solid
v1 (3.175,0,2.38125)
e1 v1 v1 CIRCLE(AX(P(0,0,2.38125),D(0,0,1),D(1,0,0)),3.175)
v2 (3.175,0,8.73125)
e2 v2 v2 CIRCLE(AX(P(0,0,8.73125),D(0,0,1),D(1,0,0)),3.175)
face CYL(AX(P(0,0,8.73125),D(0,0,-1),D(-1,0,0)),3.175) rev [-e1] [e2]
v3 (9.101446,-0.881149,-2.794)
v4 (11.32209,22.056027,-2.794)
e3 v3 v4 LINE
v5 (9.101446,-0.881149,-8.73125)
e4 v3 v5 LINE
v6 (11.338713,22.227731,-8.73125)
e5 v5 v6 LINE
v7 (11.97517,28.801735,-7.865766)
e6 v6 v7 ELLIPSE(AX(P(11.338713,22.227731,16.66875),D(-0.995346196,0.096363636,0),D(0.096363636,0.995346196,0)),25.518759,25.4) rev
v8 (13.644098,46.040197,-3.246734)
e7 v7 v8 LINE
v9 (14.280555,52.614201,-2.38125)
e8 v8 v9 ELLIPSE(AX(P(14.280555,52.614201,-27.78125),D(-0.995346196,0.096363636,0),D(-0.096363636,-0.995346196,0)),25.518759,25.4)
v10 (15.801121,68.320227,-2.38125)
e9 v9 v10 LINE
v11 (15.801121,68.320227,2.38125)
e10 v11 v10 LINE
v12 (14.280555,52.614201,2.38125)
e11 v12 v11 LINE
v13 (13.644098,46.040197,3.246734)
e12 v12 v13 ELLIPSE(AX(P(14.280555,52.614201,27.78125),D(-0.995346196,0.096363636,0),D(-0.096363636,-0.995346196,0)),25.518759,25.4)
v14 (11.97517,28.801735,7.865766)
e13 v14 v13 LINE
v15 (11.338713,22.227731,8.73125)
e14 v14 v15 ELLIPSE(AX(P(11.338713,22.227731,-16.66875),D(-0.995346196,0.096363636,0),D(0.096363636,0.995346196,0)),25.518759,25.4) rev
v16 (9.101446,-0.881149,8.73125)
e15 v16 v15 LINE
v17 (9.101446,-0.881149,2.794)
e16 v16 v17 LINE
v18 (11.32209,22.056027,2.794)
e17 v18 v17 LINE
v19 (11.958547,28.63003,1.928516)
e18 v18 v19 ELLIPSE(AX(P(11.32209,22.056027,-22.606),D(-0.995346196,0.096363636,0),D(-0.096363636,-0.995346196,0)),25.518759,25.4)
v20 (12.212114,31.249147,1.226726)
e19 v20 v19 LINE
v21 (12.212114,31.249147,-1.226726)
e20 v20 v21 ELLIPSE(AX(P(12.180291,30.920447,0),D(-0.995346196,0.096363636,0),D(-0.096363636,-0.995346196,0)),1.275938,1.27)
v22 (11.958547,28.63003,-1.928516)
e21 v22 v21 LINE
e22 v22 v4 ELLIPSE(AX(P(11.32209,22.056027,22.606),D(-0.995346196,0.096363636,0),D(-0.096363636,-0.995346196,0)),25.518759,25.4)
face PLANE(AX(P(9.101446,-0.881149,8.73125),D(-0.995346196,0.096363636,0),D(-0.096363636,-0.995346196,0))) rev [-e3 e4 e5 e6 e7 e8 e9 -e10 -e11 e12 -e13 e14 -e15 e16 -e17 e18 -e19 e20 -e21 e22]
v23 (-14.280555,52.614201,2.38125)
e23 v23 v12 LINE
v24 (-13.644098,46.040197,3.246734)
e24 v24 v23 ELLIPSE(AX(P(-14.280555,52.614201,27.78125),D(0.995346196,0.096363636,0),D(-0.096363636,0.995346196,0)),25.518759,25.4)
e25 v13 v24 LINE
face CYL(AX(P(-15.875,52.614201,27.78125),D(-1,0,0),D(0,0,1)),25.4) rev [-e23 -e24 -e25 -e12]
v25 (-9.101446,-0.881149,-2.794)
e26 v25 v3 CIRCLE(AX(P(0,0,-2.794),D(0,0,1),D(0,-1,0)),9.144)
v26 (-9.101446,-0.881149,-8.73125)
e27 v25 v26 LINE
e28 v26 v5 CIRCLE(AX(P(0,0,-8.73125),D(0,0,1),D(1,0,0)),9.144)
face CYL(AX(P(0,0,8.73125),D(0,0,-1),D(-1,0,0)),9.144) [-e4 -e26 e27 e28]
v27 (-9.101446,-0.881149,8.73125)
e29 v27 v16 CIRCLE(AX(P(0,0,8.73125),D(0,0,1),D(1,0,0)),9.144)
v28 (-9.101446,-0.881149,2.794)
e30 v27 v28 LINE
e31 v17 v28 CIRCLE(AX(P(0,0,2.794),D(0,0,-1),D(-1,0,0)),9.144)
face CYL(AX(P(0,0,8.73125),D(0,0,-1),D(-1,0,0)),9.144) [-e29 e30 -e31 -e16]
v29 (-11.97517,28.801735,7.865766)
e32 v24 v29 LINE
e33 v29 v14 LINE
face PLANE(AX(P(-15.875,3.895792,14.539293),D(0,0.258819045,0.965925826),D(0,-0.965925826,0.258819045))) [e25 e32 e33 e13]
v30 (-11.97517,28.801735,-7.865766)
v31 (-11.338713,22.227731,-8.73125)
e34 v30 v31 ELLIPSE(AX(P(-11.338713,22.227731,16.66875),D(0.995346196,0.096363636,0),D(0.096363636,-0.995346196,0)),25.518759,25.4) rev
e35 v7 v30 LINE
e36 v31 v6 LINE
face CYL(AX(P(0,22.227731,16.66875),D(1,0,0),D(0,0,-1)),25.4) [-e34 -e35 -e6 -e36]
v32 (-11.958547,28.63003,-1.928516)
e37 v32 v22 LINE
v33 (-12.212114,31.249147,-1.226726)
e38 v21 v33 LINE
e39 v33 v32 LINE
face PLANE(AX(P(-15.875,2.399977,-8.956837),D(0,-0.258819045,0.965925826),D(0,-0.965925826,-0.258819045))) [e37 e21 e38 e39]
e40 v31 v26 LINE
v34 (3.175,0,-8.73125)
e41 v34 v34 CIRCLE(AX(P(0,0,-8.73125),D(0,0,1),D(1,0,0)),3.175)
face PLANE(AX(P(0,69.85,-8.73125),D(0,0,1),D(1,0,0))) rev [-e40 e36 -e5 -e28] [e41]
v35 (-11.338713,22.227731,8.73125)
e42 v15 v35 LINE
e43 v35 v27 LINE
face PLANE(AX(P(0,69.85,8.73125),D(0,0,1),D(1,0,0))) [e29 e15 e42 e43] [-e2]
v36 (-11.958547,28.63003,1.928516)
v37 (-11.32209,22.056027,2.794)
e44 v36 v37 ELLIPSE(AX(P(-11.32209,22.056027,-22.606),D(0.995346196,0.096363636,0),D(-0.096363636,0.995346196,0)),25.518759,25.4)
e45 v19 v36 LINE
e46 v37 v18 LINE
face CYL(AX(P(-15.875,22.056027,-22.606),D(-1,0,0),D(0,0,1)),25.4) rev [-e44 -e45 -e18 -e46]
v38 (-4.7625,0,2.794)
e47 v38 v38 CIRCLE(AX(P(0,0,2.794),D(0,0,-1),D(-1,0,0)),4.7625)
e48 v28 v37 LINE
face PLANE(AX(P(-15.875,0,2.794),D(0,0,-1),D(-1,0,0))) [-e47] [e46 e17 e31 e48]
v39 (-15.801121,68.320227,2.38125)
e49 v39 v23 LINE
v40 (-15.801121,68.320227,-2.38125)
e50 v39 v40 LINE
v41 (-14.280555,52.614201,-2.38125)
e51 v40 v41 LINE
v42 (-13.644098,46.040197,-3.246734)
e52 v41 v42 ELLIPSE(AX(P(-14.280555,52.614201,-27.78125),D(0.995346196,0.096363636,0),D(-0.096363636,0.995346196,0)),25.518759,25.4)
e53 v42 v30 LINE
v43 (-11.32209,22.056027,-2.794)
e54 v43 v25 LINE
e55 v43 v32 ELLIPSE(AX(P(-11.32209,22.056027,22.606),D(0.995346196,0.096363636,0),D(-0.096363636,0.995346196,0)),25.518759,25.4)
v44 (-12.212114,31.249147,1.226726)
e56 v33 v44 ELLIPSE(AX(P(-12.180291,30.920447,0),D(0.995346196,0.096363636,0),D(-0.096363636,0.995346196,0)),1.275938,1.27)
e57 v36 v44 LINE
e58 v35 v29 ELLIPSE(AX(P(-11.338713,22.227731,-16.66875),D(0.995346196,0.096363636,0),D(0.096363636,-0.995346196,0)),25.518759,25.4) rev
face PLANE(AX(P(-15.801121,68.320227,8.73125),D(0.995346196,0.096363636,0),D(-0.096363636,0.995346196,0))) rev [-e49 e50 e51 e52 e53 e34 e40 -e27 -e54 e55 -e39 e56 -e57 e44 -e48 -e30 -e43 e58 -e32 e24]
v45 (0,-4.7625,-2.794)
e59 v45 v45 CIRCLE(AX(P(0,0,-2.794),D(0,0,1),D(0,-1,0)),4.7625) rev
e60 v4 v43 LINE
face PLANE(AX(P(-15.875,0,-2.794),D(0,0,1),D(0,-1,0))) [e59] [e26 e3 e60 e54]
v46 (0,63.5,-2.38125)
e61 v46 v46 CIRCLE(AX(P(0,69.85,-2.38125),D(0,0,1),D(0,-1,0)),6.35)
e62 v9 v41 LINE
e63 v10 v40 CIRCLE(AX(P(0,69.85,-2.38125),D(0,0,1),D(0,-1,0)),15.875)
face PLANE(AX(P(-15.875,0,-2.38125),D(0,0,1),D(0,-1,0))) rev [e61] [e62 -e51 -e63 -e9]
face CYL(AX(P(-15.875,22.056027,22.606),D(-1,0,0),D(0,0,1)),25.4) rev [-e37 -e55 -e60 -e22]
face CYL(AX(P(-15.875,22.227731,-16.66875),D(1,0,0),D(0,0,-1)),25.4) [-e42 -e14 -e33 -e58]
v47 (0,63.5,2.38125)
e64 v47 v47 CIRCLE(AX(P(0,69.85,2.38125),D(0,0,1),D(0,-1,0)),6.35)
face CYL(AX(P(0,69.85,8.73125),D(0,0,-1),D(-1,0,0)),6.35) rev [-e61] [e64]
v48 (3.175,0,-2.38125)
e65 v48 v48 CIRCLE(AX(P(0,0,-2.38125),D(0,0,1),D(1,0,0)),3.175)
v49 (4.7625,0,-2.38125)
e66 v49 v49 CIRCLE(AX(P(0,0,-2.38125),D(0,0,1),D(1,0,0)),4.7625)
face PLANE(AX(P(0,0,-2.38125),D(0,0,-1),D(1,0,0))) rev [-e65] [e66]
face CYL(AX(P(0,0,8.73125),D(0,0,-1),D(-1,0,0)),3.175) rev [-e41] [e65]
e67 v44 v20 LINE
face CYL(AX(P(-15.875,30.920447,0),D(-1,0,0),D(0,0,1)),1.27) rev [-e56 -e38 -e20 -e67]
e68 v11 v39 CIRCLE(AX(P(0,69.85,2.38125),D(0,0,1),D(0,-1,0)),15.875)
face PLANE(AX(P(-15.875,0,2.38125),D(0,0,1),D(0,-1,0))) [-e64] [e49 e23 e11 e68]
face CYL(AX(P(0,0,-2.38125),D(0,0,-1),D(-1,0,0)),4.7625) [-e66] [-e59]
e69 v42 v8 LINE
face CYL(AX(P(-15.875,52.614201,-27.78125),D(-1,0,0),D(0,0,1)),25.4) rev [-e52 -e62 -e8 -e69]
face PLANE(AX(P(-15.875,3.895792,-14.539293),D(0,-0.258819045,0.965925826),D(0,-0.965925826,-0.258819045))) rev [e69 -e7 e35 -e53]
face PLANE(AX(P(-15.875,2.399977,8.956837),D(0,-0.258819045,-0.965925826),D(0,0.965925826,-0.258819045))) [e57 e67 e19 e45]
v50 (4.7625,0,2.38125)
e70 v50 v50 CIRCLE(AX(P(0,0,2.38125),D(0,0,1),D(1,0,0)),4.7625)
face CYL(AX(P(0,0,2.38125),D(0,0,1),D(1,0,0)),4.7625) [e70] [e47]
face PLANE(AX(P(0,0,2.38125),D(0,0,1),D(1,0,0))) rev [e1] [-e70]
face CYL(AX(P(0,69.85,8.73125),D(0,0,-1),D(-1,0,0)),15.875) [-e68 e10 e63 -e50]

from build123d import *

# Parameters (mm, degrees)
SKETCH1_R               = 3.175
SKETCH1_R_2             = 6.35
BOSS_EXTRUDE1_DEPTH     = 8.73125
CUT_EXTRUDE1_DEPTH      = 16.875
CUT_EXTRUDE1_DEPTH_BACK = 16.875
SKETCH3_R               = 4.7625
SKETCH3_R_2             = 3.175
BOSS_EXTRUDE2_DEPTH     = 6.35
FILLET1_R               = 25.4
FILLET2_R               = 1.27


with BuildPart() as part:
    # Sketch1 → Boss-Extrude1 (new body, symmetric)
    with BuildSketch(Plane.XY):
        with BuildLine():
            Line((-15.801120859, 68.320227273), (-9.101445615, -0.881149091))
            ThreePointArc((-9.101445615, -0.881149091), (0, -9.144), (9.101445615, -0.881149091))
            Line((9.101445615, -0.881149091), (15.801120859, 68.320227273))
            ThreePointArc((15.801120859, 68.320227273), (0, 85.725), (-15.801120859, 68.320227273))
        make_face()
        Circle(SKETCH1_R, mode=Mode.SUBTRACT)
        with Locations((0, 69.85)):
            Circle(SKETCH1_R_2, mode=Mode.SUBTRACT)
    extrude(amount=BOSS_EXTRUDE1_DEPTH, both=True)

    # Sketch2 → Cut-Extrude1 (cut, two sides)
    with BuildSketch(Plane(origin=(0, -0.404650896, 0), x_dir=(0, 0, -1), z_dir=(1, 0, 0))) as cut_extrude1_sk:
        Polygon((-2.38125, 49.674878169), (-2.38125, 86.129650896), (-8.73125, 86.129650896), (-8.73125, 68.724878169), (-8.73125, 25.976355541), align=None)
        Polygon((8.73125, 68.724878169), (8.73125, 86.129650896), (2.38125, 86.129650896), (2.38125, 49.674878169), (8.73125, 25.976355541), align=None)
        Polygon((-2.794, 25.804650896), (-2.794, -8.739349104), (2.794, -8.739349104), (2.794, 25.804650896), (0, 36.232000852), align=None)
    extrude(amount=CUT_EXTRUDE1_DEPTH, mode=Mode.SUBTRACT)
    extrude(cut_extrude1_sk.sketch, amount=-CUT_EXTRUDE1_DEPTH_BACK, mode=Mode.SUBTRACT)

    # Sketch3 → Boss-Extrude2 (add)
    with BuildSketch(Plane.XY.offset(8.73125)):
        Circle(SKETCH3_R)
        Circle(SKETCH3_R_2, mode=Mode.SUBTRACT)
    boss_extrude2 = extrude(amount=-BOSS_EXTRUDE2_DEPTH)

    # Mirror1: Boss-Extrude2 across plane
    add(boss_extrude2.mirror(Plane.XY))

    # Fillet1
    fillet1_edges = [part.edges().sort_by_distance(p)[0] for p in [
        (0, 25.571704645, -8.73125),
        (0, 49.270227273, -2.38125),
        (0, 25.4, 2.794),
        (0, 25.4, -2.794),
        (0, 49.270227273, 2.38125),
        (0, 25.571704645, 8.73125),
    ]]
    fillet(fillet1_edges, radius=FILLET1_R)

    # Fillet2
    fillet2_edges = [part.edges().sort_by_distance(p)[0] for p in [
        (0, 35.827349956, 0),
    ]]
    fillet(fillet2_edges, radius=FILLET2_R)


solid = part.part
